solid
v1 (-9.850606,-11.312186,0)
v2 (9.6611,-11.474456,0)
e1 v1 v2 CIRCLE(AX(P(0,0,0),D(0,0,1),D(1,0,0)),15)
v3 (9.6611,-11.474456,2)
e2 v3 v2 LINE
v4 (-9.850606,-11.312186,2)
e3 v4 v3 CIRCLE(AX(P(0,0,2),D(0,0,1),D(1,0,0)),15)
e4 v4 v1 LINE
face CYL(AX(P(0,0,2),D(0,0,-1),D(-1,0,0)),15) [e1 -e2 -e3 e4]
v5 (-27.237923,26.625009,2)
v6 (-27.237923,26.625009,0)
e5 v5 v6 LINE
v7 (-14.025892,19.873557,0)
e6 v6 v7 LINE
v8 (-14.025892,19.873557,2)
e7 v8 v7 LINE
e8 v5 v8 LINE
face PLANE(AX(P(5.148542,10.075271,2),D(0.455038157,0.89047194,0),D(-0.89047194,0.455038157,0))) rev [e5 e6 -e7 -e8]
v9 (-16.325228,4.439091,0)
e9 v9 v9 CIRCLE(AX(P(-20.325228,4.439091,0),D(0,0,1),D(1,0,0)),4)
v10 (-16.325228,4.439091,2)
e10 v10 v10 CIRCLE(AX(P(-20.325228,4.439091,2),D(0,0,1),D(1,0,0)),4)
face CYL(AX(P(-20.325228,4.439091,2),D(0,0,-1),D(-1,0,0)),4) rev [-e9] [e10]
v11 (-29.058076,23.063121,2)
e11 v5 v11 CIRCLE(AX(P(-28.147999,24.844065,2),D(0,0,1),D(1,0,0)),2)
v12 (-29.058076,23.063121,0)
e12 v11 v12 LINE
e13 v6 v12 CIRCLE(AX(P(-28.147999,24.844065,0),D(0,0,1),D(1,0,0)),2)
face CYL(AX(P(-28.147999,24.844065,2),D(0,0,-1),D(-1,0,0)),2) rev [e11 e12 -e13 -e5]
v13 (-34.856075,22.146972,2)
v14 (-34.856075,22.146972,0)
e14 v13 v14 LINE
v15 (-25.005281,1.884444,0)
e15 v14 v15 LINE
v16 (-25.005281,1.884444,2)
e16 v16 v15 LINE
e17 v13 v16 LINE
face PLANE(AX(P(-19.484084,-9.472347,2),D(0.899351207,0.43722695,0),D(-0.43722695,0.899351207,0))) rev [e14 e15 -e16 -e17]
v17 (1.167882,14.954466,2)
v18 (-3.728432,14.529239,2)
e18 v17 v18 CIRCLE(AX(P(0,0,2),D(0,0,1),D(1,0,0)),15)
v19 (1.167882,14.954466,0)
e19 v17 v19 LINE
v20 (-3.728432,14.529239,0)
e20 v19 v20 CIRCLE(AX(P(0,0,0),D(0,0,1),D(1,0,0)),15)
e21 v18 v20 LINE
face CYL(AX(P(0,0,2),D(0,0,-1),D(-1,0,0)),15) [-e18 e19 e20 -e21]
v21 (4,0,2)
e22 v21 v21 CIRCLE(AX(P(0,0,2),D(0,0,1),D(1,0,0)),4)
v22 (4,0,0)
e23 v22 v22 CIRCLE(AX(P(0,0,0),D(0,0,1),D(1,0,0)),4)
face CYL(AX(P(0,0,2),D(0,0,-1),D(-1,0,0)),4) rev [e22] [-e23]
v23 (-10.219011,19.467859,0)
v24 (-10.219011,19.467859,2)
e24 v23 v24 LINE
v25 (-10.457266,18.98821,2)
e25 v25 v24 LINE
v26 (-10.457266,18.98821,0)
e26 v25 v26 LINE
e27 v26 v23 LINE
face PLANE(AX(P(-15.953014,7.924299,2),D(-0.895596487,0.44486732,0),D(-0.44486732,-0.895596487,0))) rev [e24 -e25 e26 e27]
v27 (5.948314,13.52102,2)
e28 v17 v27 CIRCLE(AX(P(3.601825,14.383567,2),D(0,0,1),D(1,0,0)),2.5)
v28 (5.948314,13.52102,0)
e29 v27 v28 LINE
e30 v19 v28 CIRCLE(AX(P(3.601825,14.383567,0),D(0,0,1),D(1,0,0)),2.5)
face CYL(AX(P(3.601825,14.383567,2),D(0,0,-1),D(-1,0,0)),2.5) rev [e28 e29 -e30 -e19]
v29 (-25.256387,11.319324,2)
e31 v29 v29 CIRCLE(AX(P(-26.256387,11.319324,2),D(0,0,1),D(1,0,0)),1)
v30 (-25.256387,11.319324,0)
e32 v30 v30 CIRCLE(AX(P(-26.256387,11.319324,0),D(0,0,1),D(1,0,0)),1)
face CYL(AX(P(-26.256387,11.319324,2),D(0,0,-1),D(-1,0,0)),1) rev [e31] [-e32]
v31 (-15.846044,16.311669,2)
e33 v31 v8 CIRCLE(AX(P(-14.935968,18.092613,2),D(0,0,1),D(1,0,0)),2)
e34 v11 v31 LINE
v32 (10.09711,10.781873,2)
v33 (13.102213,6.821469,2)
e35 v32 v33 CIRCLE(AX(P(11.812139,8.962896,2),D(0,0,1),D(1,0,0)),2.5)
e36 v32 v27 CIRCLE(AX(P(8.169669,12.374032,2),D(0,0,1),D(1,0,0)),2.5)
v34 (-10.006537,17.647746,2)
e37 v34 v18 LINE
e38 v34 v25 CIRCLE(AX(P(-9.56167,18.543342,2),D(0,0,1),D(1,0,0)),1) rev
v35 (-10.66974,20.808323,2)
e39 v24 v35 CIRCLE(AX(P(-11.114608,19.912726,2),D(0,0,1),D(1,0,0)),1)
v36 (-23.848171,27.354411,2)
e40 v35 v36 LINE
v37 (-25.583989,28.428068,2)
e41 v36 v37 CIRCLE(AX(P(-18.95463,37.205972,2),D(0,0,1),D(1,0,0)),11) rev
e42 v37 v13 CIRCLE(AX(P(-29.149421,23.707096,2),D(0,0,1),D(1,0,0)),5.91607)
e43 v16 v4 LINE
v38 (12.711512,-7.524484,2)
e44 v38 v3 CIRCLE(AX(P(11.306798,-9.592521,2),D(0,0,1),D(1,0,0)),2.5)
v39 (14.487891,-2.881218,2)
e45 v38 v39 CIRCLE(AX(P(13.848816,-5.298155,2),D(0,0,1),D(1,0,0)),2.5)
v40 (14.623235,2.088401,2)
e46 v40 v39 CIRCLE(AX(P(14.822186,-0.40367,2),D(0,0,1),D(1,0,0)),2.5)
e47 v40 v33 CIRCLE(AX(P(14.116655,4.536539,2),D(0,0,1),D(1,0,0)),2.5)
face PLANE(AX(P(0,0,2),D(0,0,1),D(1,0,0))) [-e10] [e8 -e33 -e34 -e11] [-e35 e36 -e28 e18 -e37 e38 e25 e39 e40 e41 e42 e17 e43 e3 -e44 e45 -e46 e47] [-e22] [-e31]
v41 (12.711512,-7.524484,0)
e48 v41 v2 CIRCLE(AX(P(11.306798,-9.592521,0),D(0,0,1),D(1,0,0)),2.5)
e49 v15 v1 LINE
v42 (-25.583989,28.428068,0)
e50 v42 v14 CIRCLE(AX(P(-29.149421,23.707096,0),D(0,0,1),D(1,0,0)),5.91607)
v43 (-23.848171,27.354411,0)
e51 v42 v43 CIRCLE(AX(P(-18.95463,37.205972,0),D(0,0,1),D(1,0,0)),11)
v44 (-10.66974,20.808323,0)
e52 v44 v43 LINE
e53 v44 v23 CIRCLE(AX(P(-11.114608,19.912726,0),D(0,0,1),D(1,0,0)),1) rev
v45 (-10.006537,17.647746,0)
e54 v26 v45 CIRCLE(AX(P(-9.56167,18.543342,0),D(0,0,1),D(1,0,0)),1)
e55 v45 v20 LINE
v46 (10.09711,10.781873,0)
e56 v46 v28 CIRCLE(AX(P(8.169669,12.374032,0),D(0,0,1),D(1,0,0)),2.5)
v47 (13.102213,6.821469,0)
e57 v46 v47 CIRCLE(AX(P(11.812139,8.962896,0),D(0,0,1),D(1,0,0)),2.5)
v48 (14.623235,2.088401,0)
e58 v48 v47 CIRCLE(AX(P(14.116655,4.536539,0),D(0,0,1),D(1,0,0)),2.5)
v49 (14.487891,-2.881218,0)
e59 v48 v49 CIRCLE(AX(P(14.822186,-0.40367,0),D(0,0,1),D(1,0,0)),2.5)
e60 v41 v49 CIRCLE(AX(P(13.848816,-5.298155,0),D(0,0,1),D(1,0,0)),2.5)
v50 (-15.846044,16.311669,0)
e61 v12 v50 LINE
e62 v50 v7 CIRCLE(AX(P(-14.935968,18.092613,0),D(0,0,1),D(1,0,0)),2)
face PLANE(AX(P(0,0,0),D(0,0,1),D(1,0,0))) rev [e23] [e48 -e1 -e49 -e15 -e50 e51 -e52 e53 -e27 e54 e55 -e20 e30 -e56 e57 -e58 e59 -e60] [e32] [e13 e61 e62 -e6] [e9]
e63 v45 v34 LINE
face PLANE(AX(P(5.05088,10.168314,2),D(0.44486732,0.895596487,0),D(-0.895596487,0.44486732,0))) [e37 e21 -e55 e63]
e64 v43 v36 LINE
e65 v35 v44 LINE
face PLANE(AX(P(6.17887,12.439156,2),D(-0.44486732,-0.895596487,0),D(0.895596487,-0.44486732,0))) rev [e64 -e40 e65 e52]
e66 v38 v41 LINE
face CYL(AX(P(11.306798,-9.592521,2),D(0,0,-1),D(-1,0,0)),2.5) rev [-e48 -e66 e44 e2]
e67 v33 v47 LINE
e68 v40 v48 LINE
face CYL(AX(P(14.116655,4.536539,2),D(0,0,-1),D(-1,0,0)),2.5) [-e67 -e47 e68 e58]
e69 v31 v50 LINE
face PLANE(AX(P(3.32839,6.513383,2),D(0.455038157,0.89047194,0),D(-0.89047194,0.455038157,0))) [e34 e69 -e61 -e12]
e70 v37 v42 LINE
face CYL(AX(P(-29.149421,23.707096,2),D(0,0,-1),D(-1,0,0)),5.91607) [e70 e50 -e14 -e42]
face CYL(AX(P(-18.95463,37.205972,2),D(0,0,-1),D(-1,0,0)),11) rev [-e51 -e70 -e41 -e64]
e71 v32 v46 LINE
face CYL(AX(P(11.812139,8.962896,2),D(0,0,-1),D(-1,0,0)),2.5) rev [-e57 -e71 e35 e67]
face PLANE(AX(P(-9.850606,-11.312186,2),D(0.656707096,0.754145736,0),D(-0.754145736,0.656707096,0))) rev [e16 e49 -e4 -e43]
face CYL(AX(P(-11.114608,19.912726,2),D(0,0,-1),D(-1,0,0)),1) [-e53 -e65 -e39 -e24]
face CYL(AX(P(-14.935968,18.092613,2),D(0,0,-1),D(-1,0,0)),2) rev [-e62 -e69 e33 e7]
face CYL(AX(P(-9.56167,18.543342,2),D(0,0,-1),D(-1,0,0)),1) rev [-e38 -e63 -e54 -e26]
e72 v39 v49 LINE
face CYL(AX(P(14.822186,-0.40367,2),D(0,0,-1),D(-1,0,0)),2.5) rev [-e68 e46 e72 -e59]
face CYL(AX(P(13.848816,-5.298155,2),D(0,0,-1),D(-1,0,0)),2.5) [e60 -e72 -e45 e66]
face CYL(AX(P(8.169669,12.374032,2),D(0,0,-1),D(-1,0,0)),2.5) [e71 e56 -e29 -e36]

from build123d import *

# Parameters (mm, degrees)
ESQUISSE1_R        = 4
ESQUISSE1_R_2      = 1
BOSS_EXTRU_1_DEPTH = 2
CONG_1_R           = 1
CONG_2_R           = 11


with BuildPart() as part:
    # Esquisse1 → Boss.-Extru.1 (new body)
    with BuildSketch(Plane.XY):
        with BuildLine():
            Line((-3.728432128, 14.529239273), (-10.902133324, 18.092613259))
            Line((-10.902133324, 18.092613259), (-9.77414371, 20.363455577))
            Line((-9.77414371, 20.363455577), (-25.005281494, 27.929179137))
            ThreePointArc((-25.005281494, 27.929179137), (-32.144223962, 28.809157948), (-34.856074883, 22.146971607))
            Line((-34.856074883, 22.146971607), (-25.005281494, 1.884444499))
            Line((-25.005281494, 1.884444499), (-9.850606554, -11.31218593))
            ThreePointArc((-9.850606554, -11.31218593), (-0.12474397, -14.999481289), (9.661100255, -11.47445606))
            ThreePointArc((9.661100255, -11.47445606), (9.328139992, -8.064479271), (12.711512496, -7.524484146))
            ThreePointArc((12.711512496, -7.524484146), (16.183775509, -6.191442889), (14.487891216, -2.881218443))
            ThreePointArc((14.487891216, -2.881218443), (12.323112571, -0.335609675), (14.623234656, 2.088401251))
            ThreePointArc((14.623234656, 2.088401251), (16.496773903, 5.301415429), (13.102212542, 6.821468911))
            ThreePointArc((13.102212542, 6.821468911), (9.820570557, 7.451720018), (10.097110191, 10.781872629))
            ThreePointArc((10.097110191, 10.781872629), (9.547104174, 14.460337363), (5.948313856, 13.521019705))
            ThreePointArc((5.948313856, 13.521019705), (2.883768887, 11.988907316), (1.167882396, 14.954465912))
            ThreePointArc((1.167882396, 14.954465912), (-1.297808983, 14.94375093), (-3.728432128, 14.529239273))
        make_face()
        with Locations((-20.325227829, 4.439090716)):
            Circle(ESQUISSE1_R, mode=Mode.SUBTRACT)
        with Locations((-26.256387143, 11.319323515)):
            Circle(ESQUISSE1_R_2, mode=Mode.SUBTRACT)
        with BuildLine():
            ThreePointArc((-29.058075564, 23.063121212), (-29.928943128, 25.754141406), (-27.237922934, 26.625008971))
            Line((-27.237922934, 26.625008971), (-14.025891569, 19.873557138))
            ThreePointArc((-14.025891569, 19.873557138), (-13.155024005, 17.182536944), (-15.846044199, 16.31166938))
            Line((-15.846044199, 16.31166938), (-29.058075564, 23.063121212))
        make_face(mode=Mode.SUBTRACT)
        Circle(ESQUISSE1_R, mode=Mode.SUBTRACT)
    extrude(amount=BOSS_EXTRU_1_DEPTH)

    # Congé1
    cong_1_edges = [part.edges().sort_by_distance(p)[0] for p in [
        (-9.77414371, 20.363455577, 1),
        (-10.902133324, 18.092613259, 1),
    ]]
    fillet(cong_1_edges, radius=CONG_1_R)

    # Congé2
    cong_2_edges = [part.edges().sort_by_distance(p)[0] for p in [
        (-25.005281494, 27.929179137, 1),
    ]]
    fillet(cong_2_edges, radius=CONG_2_R)


solid = part.part
